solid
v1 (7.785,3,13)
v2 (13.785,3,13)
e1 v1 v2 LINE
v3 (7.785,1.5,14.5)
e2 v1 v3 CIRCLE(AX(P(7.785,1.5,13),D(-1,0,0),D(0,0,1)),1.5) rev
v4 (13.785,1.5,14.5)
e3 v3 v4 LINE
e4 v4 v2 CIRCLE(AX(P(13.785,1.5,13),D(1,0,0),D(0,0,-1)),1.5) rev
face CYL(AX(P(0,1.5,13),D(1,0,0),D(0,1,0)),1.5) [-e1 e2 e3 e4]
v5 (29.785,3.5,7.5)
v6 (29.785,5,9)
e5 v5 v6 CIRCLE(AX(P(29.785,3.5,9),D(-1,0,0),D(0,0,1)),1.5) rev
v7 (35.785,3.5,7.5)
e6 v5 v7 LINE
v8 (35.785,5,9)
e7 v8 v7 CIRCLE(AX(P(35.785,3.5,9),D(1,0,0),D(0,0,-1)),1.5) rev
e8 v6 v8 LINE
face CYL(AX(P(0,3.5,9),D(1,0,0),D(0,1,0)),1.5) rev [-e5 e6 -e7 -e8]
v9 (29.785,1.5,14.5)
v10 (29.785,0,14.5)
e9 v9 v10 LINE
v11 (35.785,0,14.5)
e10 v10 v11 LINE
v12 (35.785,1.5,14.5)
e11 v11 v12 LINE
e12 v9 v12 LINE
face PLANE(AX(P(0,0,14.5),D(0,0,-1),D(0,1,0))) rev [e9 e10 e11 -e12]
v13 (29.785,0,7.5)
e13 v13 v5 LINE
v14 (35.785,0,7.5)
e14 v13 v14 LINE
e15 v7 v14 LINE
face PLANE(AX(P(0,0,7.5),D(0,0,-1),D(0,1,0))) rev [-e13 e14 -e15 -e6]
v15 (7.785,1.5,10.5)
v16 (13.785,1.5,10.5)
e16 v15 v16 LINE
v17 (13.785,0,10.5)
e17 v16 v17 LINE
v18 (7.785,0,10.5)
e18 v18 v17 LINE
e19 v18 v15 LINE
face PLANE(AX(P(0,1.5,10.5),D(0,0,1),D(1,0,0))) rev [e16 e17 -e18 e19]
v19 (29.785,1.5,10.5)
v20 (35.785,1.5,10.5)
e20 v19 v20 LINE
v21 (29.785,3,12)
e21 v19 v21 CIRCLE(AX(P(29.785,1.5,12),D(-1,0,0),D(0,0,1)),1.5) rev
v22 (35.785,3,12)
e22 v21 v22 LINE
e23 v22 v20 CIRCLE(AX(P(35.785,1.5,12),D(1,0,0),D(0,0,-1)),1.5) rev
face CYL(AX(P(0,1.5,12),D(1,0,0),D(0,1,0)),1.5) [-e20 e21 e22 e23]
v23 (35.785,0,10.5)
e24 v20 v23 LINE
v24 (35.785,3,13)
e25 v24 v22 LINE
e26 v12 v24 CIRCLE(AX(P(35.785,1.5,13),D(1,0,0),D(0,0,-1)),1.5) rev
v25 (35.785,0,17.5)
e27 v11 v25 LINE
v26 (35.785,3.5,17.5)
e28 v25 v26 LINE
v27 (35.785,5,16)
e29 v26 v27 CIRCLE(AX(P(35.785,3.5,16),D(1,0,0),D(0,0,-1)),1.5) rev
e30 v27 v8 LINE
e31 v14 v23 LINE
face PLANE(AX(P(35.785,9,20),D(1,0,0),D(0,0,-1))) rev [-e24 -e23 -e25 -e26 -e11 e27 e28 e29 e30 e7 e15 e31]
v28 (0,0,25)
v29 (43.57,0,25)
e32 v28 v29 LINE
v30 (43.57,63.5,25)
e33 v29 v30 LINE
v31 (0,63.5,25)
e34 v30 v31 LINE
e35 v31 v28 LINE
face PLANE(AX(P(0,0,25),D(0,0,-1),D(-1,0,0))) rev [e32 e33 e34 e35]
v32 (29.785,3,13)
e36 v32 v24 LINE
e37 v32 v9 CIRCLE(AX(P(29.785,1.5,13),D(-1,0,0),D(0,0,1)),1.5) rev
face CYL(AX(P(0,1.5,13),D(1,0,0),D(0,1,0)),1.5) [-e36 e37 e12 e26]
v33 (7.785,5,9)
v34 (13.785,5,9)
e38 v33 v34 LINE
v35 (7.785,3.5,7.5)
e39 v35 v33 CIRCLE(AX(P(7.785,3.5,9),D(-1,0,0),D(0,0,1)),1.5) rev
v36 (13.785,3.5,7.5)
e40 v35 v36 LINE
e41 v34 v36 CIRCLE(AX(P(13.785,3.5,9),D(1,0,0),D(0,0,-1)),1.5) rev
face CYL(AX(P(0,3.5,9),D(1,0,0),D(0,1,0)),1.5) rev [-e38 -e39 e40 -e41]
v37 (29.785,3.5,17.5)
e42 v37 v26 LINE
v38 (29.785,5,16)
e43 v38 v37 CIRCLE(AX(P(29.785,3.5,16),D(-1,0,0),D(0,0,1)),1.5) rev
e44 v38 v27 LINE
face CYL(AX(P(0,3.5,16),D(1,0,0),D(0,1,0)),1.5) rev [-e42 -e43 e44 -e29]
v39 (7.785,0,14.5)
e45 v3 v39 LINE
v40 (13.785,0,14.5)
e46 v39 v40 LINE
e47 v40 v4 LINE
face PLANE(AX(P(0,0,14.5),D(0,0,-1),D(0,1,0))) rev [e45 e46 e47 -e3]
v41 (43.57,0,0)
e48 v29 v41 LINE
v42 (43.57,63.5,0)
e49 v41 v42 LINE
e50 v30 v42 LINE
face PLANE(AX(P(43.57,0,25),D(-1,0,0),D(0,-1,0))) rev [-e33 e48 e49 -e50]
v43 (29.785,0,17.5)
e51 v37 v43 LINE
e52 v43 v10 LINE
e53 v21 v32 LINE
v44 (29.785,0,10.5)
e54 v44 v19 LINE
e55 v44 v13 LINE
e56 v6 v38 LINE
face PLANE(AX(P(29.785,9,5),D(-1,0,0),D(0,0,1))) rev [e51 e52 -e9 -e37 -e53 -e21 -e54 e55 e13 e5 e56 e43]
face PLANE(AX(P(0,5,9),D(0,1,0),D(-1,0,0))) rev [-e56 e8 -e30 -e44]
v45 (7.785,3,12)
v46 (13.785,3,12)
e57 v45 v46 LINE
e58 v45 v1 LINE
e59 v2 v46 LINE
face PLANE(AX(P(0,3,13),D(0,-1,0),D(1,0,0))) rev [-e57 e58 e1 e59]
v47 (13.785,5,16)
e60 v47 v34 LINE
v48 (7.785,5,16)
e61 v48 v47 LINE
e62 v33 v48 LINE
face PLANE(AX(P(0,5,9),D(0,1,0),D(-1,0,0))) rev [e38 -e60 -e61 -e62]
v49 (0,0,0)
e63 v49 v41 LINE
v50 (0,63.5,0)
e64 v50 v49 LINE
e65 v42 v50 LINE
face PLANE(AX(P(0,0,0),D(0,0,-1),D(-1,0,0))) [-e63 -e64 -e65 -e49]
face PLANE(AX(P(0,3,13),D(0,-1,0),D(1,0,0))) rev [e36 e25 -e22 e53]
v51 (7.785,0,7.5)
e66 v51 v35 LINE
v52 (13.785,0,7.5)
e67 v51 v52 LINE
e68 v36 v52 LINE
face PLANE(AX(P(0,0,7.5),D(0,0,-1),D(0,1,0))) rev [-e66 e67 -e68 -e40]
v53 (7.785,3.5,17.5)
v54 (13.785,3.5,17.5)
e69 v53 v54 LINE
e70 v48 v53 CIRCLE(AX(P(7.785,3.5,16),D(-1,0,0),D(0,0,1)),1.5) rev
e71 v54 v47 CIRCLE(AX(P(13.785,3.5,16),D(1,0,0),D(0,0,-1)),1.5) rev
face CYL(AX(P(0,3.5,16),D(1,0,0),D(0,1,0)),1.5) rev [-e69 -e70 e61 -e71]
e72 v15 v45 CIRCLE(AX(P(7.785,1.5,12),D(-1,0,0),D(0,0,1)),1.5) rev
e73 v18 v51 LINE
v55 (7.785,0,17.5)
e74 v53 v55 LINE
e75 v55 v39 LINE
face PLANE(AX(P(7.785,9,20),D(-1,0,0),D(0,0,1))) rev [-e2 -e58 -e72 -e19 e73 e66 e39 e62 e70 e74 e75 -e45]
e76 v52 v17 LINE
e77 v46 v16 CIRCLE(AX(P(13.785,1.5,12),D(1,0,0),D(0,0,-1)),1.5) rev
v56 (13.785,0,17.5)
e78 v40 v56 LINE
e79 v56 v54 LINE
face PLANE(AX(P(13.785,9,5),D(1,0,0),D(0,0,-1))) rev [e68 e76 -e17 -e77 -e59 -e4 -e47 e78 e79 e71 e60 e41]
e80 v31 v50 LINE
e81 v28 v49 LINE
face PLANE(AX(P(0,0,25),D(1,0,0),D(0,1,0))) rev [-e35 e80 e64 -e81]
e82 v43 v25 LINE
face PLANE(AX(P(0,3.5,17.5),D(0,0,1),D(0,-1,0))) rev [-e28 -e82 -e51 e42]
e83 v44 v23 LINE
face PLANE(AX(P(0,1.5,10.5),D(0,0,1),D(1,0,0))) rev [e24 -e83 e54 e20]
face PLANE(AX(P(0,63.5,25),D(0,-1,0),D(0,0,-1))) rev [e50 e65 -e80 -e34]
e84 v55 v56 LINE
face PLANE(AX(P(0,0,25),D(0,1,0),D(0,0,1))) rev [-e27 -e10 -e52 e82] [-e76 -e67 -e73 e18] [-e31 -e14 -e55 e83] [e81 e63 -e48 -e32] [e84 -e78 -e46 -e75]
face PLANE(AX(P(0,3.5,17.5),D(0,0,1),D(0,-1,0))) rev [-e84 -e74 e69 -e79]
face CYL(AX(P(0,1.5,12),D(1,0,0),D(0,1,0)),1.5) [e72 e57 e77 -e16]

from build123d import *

# Parameters (mm, degrees)
SKETCH1_W           = 43.57
SKETCH1_H           = 63.5
BOSS_EXTRUDE1_DEPTH = 25
CUT_EXTRUDE2_DEPTH  = 81.966628311
SKETCH4_W           = 43.57
SKETCH4_H           = 25
SKETCH4_W_2         = 6
SKETCH4_H_2         = 15
BOSS_EXTRUDE2_DEPTH = 9


with BuildPart() as part:
    # Sketch1 → Boss-Extrude1 (new body)
    with BuildSketch(Plane.XY):
        with Locations((21.785, 31.75)):
            Rectangle(SKETCH1_W, SKETCH1_H)
    extrude(amount=BOSS_EXTRUDE1_DEPTH)

    # Sketch3 → Cut-Extrude2 (cut, through all)
    with BuildSketch(Plane(origin=(43.57, 0, 0), x_dir=(0, 0, -1), z_dir=(1, 0, 0))):
        with BuildLine():
            Line((-14.5, 0), (-14.5, 1.5))
            ThreePointArc((-14.5, 1.5), (-14.060660172, 2.560660172), (-13, 3))
            Line((-13, 3), (-12, 3))
            ThreePointArc((-12, 3), (-10.939339828, 2.560660172), (-10.5, 1.5))
            Line((-10.5, 1.5), (-10.5, 0))
            Line((-10.5, 0), (-7.5, 0))
            Line((-7.5, 0), (-7.5, 3.5))
            ThreePointArc((-7.5, 3.5), (-7.939339828, 4.560660172), (-9, 5))
            Line((-9, 5), (-16, 5))
            ThreePointArc((-16, 5), (-17.060660172, 4.560660172), (-17.5, 3.5))
            Line((-17.5, 3.5), (-17.5, 0))
            Line((-17.5, 0), (-14.5, 0))
        make_face()
    extrude(amount=-CUT_EXTRUDE2_DEPTH, mode=Mode.SUBTRACT)


with BuildPart() as cut_extrude2_piece_1:
    # of the separate pieces the step leaves, piece 1, a body of its own (cut_extrude2_pieces)
    add(part.part.solids().sort_by_distance((0, 0, 0))[0])



with BuildPart() as cut_extrude2_piece_2:
    # of the separate pieces the step leaves, piece 2, a body of its own (cut_extrude2_pieces)
    add(part.part.solids().sort_by_distance((43.57, 0, 10.5))[0])


with BuildPart() as cut_extrude2_piece_1_1:
    add(cut_extrude2_piece_1.part)

    add(cut_extrude2_piece_2.part)  # Boss-Extrude2 merges Cut-Extrude2 piece 2
    # Sketch4 → Boss-Extrude2 (add)
    with BuildSketch(Plane.XZ):
        with Locations((21.785, 12.5)):
            Rectangle(SKETCH4_W, SKETCH4_H)
        with Locations((10.785, 12.5)):
            Rectangle(SKETCH4_W_2, SKETCH4_H_2, mode=Mode.SUBTRACT)
        with Locations((32.785, 12.5)):
            Rectangle(SKETCH4_W_2, SKETCH4_H_2, mode=Mode.SUBTRACT)
    extrude(amount=-BOSS_EXTRUDE2_DEPTH)


solid = cut_extrude2_piece_1_1.part
